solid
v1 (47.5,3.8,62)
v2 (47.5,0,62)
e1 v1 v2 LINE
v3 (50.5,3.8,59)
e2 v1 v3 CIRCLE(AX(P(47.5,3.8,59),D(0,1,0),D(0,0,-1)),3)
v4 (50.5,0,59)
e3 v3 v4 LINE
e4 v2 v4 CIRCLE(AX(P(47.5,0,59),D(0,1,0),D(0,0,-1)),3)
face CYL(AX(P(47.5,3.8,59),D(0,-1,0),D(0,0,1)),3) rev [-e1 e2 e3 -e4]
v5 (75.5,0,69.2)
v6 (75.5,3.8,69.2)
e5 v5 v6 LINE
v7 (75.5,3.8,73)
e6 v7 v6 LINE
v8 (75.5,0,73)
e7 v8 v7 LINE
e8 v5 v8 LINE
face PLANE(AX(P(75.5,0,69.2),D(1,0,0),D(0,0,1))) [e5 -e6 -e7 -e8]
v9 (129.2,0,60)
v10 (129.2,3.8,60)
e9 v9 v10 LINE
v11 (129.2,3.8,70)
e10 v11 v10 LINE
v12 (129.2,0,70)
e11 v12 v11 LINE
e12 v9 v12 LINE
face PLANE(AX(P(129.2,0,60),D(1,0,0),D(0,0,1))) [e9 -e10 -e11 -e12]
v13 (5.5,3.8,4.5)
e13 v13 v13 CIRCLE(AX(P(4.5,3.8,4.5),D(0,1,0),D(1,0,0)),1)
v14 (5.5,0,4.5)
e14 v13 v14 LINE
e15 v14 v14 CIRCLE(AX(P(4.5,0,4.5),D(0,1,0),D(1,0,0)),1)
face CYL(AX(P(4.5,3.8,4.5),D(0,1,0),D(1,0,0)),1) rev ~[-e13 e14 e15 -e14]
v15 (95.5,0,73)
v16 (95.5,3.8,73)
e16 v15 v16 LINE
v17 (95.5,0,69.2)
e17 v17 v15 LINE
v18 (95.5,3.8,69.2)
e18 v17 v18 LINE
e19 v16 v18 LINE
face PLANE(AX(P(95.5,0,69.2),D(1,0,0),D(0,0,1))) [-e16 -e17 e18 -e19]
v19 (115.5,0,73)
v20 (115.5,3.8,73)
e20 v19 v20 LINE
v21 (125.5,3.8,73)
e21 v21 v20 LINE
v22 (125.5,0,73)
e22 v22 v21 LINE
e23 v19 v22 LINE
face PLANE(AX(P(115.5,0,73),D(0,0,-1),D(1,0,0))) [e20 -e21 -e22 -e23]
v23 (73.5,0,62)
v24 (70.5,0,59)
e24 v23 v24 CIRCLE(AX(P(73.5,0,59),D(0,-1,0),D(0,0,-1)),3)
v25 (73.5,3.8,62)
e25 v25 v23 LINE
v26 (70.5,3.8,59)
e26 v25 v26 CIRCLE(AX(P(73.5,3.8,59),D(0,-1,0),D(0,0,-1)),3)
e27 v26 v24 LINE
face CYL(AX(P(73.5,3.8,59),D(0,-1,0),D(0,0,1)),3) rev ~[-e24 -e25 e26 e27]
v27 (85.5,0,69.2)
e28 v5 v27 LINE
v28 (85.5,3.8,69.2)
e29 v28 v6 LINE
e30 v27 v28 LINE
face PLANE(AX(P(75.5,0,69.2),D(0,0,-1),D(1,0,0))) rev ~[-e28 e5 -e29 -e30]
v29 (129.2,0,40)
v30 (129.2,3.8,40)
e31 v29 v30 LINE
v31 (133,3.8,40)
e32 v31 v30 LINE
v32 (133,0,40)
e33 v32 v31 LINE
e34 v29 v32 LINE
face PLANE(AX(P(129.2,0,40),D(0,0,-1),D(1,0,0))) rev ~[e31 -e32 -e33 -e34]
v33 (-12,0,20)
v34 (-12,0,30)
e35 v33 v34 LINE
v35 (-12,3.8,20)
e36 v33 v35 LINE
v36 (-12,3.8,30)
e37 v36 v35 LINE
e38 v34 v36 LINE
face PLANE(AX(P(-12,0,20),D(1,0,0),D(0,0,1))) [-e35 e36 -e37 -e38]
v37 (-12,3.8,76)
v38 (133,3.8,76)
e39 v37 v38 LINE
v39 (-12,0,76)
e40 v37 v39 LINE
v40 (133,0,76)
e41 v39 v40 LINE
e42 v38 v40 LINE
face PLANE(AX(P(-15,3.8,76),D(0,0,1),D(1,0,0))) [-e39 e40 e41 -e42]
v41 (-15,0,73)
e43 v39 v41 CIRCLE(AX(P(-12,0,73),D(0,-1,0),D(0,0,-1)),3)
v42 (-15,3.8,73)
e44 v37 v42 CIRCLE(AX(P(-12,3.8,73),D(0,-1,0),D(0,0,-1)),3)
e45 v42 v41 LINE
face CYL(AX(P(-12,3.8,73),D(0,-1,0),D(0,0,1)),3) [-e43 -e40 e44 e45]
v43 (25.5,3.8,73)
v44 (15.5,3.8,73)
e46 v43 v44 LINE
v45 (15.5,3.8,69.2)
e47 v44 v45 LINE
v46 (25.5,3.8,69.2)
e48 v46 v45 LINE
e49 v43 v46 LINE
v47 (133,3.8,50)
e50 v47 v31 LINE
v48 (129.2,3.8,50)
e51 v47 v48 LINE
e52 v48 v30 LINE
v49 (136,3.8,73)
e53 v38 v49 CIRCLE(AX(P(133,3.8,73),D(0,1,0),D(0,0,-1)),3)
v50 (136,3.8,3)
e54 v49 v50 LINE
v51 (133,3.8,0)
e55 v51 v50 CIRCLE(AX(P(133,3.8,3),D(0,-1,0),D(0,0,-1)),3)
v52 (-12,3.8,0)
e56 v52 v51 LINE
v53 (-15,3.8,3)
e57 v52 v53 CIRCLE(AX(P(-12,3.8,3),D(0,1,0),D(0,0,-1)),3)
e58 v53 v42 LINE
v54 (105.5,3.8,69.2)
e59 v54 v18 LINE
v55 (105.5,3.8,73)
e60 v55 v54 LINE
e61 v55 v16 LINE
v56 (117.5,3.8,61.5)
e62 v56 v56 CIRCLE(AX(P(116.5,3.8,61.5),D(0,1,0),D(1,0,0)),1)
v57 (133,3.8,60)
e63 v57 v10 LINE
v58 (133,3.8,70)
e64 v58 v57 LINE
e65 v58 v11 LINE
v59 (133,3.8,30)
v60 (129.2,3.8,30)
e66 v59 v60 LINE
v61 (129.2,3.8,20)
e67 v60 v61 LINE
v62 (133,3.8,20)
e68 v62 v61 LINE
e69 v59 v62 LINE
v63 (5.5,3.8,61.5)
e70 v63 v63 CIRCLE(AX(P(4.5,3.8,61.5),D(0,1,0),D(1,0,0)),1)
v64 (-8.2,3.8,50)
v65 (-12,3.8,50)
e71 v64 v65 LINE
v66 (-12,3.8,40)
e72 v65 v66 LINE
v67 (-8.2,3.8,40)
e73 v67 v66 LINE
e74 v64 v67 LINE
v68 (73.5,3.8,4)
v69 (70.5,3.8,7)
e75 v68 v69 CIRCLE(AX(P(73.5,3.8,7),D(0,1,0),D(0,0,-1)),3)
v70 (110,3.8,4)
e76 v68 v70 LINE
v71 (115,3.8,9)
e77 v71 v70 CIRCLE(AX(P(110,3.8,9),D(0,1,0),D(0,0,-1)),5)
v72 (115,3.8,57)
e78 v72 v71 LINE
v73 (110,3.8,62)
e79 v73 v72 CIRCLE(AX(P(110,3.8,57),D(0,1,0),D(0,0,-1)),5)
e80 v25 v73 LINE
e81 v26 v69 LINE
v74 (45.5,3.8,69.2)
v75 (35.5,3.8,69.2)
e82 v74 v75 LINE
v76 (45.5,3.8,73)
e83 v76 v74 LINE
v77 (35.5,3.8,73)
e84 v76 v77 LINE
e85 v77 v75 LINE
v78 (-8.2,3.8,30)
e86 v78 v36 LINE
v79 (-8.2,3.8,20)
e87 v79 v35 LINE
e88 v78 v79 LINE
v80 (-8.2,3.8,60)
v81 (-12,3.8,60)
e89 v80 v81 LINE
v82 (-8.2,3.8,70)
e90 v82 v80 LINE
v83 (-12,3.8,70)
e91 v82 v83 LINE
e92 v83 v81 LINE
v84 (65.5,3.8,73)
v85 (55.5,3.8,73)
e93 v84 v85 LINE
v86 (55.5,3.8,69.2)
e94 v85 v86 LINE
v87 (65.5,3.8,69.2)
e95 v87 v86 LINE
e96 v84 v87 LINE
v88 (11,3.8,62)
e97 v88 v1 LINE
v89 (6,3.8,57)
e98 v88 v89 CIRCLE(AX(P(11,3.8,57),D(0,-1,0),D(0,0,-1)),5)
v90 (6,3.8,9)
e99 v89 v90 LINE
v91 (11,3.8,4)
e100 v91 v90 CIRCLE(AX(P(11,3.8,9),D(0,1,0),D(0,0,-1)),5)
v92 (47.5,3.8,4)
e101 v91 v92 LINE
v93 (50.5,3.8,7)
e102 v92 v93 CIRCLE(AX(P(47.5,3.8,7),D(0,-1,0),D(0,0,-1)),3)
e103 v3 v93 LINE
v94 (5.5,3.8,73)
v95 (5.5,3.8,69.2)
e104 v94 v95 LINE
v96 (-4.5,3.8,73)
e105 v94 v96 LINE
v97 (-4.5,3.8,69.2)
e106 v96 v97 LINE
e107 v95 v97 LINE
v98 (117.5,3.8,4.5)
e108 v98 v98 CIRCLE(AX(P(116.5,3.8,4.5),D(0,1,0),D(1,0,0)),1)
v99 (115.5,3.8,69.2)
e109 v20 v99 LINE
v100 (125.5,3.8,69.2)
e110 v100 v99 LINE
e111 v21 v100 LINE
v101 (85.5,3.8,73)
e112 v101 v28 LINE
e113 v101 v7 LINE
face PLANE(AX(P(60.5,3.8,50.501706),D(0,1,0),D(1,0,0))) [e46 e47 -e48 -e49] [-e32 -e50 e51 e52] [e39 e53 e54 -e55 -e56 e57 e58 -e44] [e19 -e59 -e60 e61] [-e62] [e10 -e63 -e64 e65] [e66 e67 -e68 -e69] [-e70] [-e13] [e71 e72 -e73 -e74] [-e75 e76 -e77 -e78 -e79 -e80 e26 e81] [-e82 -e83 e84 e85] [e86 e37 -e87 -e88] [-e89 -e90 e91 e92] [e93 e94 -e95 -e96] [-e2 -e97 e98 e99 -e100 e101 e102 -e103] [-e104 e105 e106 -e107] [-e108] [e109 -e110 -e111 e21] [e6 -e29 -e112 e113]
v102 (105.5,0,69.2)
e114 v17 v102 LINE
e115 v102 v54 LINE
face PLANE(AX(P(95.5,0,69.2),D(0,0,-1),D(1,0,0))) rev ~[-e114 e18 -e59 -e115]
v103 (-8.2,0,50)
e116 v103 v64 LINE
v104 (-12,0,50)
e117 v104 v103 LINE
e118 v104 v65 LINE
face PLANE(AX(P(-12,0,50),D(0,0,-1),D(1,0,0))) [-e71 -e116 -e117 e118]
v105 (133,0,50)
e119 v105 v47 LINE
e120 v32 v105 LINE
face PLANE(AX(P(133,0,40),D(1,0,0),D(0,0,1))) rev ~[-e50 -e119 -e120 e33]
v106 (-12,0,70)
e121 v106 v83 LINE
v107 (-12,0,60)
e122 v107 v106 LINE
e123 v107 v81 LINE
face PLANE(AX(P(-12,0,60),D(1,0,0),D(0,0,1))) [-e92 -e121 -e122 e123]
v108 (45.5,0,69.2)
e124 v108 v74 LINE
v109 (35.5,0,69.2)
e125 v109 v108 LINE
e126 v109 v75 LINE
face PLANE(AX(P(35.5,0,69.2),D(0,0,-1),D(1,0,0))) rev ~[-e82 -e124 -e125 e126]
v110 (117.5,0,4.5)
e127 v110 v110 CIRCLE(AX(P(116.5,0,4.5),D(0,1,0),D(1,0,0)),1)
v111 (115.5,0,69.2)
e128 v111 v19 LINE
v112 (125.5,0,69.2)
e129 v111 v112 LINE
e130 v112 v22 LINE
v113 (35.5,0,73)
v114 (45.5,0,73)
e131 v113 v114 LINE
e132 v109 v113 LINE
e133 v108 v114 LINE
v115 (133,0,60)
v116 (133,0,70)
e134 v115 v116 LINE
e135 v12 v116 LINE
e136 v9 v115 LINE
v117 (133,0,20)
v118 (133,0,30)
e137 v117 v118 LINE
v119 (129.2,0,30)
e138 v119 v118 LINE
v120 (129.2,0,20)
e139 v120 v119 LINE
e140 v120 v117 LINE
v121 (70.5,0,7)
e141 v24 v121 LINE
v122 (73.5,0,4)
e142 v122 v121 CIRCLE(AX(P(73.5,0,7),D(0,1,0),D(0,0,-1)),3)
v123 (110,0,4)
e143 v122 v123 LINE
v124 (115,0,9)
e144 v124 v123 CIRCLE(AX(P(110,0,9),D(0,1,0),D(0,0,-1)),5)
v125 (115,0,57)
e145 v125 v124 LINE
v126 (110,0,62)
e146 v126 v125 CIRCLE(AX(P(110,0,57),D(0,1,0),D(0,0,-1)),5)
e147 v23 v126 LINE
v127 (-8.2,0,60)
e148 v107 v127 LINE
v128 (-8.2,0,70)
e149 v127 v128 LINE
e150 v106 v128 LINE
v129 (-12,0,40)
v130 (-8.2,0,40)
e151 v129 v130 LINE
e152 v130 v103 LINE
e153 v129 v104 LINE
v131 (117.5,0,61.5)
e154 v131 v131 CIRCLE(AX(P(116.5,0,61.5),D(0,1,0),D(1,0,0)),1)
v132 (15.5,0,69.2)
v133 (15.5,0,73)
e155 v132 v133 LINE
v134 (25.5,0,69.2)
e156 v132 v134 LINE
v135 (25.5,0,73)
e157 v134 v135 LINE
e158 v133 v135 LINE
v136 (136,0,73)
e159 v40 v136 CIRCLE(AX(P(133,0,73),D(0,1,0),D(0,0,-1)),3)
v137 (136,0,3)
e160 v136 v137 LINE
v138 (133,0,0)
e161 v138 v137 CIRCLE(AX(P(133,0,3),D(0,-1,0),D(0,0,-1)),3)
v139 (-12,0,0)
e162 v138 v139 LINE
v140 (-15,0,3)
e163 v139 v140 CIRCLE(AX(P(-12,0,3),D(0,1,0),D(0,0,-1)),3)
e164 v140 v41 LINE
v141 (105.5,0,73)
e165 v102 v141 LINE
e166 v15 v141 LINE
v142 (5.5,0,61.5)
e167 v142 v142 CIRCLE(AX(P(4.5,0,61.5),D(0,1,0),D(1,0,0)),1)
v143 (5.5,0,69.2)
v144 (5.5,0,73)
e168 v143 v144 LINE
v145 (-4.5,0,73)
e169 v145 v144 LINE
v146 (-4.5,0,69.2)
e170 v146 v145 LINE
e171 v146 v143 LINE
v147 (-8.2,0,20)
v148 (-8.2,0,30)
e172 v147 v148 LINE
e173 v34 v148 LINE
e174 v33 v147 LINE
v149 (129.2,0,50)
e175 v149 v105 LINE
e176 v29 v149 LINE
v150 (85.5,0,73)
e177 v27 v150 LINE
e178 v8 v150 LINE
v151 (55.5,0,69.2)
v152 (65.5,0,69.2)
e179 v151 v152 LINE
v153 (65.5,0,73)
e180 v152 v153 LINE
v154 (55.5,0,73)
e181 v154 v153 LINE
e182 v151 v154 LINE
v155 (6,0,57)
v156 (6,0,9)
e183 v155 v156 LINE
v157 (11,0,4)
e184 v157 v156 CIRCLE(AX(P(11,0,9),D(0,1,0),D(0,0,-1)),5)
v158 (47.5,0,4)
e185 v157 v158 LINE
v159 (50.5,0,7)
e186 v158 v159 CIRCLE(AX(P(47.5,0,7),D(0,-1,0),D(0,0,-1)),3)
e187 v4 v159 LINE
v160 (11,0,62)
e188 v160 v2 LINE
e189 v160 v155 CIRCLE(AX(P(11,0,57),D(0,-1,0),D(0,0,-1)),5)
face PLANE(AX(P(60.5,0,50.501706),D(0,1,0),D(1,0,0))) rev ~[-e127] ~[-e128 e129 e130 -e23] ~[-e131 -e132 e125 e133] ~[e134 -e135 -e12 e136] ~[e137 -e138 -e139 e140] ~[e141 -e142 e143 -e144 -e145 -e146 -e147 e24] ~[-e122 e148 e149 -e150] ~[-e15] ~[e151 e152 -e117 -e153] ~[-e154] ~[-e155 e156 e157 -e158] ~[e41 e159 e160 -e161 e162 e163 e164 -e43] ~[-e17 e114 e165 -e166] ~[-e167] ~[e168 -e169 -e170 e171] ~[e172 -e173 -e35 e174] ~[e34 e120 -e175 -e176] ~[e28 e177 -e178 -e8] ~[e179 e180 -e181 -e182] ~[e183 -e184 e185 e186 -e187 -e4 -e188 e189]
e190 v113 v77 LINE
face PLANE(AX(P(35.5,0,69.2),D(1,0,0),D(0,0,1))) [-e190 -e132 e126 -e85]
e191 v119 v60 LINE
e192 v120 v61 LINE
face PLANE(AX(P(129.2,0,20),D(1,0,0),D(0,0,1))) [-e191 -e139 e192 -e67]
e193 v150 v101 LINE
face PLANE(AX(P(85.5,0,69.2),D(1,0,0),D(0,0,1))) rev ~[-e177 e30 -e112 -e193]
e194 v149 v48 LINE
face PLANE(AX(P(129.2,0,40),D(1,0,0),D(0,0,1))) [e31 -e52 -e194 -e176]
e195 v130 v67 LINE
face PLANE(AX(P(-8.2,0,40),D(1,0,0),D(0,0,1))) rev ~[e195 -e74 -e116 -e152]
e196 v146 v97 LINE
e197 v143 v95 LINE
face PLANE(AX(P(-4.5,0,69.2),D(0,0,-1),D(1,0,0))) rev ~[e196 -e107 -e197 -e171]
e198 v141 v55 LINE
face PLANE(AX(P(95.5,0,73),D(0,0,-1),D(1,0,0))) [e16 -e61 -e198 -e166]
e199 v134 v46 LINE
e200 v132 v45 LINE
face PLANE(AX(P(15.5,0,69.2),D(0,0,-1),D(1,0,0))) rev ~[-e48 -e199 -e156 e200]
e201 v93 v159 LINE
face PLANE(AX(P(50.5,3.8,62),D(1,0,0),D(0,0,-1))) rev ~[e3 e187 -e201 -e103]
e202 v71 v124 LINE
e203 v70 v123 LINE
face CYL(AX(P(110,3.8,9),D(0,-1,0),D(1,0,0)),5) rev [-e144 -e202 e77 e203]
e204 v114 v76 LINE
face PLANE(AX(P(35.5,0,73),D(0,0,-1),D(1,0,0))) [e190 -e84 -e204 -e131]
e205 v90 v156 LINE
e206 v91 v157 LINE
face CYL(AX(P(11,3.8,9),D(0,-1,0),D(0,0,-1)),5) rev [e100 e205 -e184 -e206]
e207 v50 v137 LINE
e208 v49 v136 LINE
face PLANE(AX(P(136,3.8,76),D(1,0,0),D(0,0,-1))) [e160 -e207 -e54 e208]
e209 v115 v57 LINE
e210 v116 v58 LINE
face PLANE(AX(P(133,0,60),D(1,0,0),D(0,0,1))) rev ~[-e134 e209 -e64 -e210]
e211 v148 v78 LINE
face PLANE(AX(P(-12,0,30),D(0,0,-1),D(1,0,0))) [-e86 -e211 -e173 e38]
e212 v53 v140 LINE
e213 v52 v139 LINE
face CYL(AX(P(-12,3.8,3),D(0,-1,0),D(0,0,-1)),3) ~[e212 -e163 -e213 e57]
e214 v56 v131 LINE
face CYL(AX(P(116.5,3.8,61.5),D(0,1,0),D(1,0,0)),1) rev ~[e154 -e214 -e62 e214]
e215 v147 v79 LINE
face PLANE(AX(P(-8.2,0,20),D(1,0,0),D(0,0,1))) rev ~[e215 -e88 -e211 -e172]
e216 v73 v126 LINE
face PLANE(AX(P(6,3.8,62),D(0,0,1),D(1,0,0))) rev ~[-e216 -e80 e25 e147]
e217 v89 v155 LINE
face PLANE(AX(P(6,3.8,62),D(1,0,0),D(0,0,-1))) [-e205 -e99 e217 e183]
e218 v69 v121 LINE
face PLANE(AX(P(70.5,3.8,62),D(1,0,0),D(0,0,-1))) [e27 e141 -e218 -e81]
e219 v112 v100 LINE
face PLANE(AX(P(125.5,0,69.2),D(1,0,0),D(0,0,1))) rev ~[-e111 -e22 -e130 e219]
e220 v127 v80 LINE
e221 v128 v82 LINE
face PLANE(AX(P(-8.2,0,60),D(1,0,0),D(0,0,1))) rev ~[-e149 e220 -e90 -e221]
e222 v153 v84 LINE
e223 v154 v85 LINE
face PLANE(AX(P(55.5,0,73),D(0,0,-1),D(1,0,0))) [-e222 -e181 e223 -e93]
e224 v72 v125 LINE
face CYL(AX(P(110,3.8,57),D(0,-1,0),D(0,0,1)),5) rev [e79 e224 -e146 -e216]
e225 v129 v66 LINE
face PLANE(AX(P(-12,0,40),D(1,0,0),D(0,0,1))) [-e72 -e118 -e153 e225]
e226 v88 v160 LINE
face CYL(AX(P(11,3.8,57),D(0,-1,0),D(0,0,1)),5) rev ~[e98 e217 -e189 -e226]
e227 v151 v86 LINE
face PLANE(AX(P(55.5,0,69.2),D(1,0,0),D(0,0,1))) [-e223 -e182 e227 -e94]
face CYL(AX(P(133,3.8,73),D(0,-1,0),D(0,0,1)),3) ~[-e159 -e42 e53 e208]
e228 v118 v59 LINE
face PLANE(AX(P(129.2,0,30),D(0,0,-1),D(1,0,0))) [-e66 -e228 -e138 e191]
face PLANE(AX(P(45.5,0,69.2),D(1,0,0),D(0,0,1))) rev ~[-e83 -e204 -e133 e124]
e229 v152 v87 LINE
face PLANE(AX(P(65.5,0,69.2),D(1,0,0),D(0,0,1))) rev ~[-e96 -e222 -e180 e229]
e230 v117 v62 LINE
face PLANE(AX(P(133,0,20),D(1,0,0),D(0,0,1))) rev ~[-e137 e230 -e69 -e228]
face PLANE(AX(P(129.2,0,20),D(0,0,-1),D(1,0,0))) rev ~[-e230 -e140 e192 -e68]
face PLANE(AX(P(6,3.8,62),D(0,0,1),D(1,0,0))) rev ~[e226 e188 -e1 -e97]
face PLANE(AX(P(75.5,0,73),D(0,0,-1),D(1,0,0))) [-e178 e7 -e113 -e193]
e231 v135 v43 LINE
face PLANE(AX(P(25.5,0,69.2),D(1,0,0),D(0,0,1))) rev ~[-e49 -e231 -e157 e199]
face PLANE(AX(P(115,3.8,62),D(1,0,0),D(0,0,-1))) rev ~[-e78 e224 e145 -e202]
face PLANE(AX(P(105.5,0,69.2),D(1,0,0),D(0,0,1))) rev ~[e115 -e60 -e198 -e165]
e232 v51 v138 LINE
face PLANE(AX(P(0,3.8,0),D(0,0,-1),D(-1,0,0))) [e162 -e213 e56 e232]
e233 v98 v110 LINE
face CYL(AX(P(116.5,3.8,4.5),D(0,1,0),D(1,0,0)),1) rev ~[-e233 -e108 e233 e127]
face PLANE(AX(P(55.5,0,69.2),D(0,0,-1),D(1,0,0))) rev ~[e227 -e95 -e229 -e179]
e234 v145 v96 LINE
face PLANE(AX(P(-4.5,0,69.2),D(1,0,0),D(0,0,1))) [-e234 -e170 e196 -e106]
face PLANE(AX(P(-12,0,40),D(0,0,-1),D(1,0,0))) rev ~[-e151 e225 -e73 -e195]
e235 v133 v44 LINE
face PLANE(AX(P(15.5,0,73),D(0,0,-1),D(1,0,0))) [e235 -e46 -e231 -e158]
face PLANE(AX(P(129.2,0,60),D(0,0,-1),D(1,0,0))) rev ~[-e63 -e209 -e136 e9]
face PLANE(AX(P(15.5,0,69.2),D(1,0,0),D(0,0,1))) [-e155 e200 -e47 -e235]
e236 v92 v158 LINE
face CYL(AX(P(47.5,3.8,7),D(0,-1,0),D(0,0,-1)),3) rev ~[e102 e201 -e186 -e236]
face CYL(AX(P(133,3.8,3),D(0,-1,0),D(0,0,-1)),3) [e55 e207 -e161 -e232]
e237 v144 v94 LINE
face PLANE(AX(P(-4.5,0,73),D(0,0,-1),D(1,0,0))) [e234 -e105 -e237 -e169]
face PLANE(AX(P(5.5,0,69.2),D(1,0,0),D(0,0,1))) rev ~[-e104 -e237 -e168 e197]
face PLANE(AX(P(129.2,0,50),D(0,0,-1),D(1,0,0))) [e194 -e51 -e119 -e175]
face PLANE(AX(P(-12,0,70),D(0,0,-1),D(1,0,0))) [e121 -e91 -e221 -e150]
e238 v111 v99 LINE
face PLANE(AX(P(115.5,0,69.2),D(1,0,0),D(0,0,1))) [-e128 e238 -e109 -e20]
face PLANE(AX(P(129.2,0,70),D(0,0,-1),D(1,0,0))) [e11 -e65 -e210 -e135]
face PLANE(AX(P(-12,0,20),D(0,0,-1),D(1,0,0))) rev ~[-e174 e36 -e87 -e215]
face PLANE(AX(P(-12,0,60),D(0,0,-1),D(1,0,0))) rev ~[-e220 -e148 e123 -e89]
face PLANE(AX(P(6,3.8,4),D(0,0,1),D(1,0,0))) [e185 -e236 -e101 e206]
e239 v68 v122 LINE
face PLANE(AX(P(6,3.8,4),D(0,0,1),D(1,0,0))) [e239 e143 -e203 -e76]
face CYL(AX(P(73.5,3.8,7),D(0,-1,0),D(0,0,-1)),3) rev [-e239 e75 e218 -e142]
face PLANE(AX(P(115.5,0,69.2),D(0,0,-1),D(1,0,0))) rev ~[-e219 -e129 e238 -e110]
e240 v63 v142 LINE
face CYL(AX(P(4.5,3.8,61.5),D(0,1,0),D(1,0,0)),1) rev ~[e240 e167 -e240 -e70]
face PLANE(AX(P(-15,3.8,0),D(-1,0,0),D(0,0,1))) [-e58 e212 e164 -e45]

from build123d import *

# Parameters (mm, degrees)
SKETCH1_W           = 121
SKETCH1_H           = 66
BOSS_EXTRUDE1_DEPTH = 3.8
SKETCH2_W           = 109
SKETCH2_H           = 58
CUT_EXTRUDE1_DEPTH  = 4.8
FILLET1_R           = 5
SKETCH3_W           = 20
SKETCH3_H           = 58
BOSS_EXTRUDE2_DEPTH = 3.8
FILLET2_R           = 3
SKETCH4_R           = 1
CUT_EXTRUDE2_DEPTH  = 4.8
BOSS_EXTRUDE3_DEPTH = 3.8
FILLET3_R           = 3
SKETCH6_W           = 3.8
SKETCH6_H           = 10
SKETCH6_W_2         = 10
SKETCH6_H_2         = 3.8
CUT_EXTRUDE3_DEPTH  = 4.8


with BuildPart() as part:
    # Sketch1 → Boss-Extrude1 (new body)
    with BuildSketch(Plane(origin=(0, 0, 0), x_dir=(1, 0, 0), z_dir=(0, 1, 0))):
        with Locations((60.5, -33)):
            Rectangle(SKETCH1_W, SKETCH1_H)
    extrude(amount=BOSS_EXTRUDE1_DEPTH)

    # Sketch2 → Cut-Extrude1 (cut, through all)
    with BuildSketch(Plane(origin=(0, 3.8, 0), x_dir=(1, 0, 0), z_dir=(0, 1, 0))):
        with Locations((60.5, -33)):
            Rectangle(SKETCH2_W, SKETCH2_H)
    extrude(amount=-CUT_EXTRUDE1_DEPTH, mode=Mode.SUBTRACT)

    # Fillet1
    fillet1_edges = [part.edges().sort_by_distance(p)[0] for p in [
        (115, 1.9, 4),
        (115, 1.9, 62),
        (6, 1.9, 62),
        (6, 1.9, 4),
    ]]
    fillet(fillet1_edges, radius=FILLET1_R)

    # Sketch3 → Boss-Extrude2 (add, through all)
    with BuildSketch(Plane(origin=(0, 3.8, 0), x_dir=(1, 0, 0), z_dir=(0, 1, 0))):
        with Locations((60.5, -33)):
            Rectangle(SKETCH3_W, SKETCH3_H)
    extrude(amount=-BOSS_EXTRUDE2_DEPTH)

    # Fillet2
    fillet2_edges = [part.edges().sort_by_distance(p)[0] for p in [
        (70.5, 1.9, 4),
        (70.5, 1.9, 62),
        (50.5, 1.9, 62),
        (50.5, 1.9, 4),
    ]]
    fillet(fillet2_edges, radius=FILLET2_R)

    # Sketch4 → Cut-Extrude2 (cut, through all)
    with BuildSketch(Plane(origin=(0, 3.8, 0), x_dir=(1, 0, 0), z_dir=(0, 1, 0))):
        with Locations((116.5, -61.5)):
            Circle(SKETCH4_R)
        with Locations((116.5, -4.5)):
            Circle(SKETCH4_R)
        with Locations((4.5, -4.5)):
            Circle(SKETCH4_R)
        with Locations((4.5, -61.5)):
            Circle(SKETCH4_R)
    extrude(amount=-CUT_EXTRUDE2_DEPTH, mode=Mode.SUBTRACT)

    # Sketch5 → Boss-Extrude3 (add, through all)
    with BuildSketch(Plane(origin=(0, 3.8, 0), x_dir=(1, 0, 0), z_dir=(0, 1, 0))):
        Polygon((0, 0), (-15, 0), (-15, -76), (136, -76), (136, 0), (121, 0), (121, -66), (0, -66), align=None)
    extrude(amount=-BOSS_EXTRUDE3_DEPTH)

    # Fillet3
    fillet3_edges = [part.edges().sort_by_distance(p)[0] for p in [
        (136, 1.9, 0),
        (136, 1.9, 76),
        (-15, 1.9, 76),
        (-15, 1.9, 0),
    ]]
    fillet(fillet3_edges, radius=FILLET3_R)

    # Sketch6 → Cut-Extrude3 (cut, through all)
    with BuildSketch(Plane.XZ):
        with Locations((131.1, 25)):
            Rectangle(SKETCH6_W, SKETCH6_H)
        with Locations((131.1, 45)):
            Rectangle(SKETCH6_W, SKETCH6_H)
        with Locations((131.1, 65)):
            Rectangle(SKETCH6_W, SKETCH6_H)
        with Locations((120.5, 71.1)):
            Rectangle(SKETCH6_W_2, SKETCH6_H_2)
        with Locations((100.5, 71.1)):
            Rectangle(SKETCH6_W_2, SKETCH6_H_2)
        with Locations((80.5, 71.1)):
            Rectangle(SKETCH6_W_2, SKETCH6_H_2)
        with Locations((60.5, 71.1)):
            Rectangle(SKETCH6_W_2, SKETCH6_H_2)
        with Locations((40.5, 71.1)):
            Rectangle(SKETCH6_W_2, SKETCH6_H_2)
        with Locations((20.5, 71.1)):
            Rectangle(SKETCH6_W_2, SKETCH6_H_2)
        with Locations((0.5, 71.1)):
            Rectangle(SKETCH6_W_2, SKETCH6_H_2)
        with Locations((-10.1, 65)):
            Rectangle(SKETCH6_W, SKETCH6_H)
        with Locations((-10.1, 45)):
            Rectangle(SKETCH6_W, SKETCH6_H)
        with Locations((-10.1, 25)):
            Rectangle(SKETCH6_W, SKETCH6_H)
    extrude(amount=-CUT_EXTRUDE3_DEPTH, mode=Mode.SUBTRACT)


solid = part.part
